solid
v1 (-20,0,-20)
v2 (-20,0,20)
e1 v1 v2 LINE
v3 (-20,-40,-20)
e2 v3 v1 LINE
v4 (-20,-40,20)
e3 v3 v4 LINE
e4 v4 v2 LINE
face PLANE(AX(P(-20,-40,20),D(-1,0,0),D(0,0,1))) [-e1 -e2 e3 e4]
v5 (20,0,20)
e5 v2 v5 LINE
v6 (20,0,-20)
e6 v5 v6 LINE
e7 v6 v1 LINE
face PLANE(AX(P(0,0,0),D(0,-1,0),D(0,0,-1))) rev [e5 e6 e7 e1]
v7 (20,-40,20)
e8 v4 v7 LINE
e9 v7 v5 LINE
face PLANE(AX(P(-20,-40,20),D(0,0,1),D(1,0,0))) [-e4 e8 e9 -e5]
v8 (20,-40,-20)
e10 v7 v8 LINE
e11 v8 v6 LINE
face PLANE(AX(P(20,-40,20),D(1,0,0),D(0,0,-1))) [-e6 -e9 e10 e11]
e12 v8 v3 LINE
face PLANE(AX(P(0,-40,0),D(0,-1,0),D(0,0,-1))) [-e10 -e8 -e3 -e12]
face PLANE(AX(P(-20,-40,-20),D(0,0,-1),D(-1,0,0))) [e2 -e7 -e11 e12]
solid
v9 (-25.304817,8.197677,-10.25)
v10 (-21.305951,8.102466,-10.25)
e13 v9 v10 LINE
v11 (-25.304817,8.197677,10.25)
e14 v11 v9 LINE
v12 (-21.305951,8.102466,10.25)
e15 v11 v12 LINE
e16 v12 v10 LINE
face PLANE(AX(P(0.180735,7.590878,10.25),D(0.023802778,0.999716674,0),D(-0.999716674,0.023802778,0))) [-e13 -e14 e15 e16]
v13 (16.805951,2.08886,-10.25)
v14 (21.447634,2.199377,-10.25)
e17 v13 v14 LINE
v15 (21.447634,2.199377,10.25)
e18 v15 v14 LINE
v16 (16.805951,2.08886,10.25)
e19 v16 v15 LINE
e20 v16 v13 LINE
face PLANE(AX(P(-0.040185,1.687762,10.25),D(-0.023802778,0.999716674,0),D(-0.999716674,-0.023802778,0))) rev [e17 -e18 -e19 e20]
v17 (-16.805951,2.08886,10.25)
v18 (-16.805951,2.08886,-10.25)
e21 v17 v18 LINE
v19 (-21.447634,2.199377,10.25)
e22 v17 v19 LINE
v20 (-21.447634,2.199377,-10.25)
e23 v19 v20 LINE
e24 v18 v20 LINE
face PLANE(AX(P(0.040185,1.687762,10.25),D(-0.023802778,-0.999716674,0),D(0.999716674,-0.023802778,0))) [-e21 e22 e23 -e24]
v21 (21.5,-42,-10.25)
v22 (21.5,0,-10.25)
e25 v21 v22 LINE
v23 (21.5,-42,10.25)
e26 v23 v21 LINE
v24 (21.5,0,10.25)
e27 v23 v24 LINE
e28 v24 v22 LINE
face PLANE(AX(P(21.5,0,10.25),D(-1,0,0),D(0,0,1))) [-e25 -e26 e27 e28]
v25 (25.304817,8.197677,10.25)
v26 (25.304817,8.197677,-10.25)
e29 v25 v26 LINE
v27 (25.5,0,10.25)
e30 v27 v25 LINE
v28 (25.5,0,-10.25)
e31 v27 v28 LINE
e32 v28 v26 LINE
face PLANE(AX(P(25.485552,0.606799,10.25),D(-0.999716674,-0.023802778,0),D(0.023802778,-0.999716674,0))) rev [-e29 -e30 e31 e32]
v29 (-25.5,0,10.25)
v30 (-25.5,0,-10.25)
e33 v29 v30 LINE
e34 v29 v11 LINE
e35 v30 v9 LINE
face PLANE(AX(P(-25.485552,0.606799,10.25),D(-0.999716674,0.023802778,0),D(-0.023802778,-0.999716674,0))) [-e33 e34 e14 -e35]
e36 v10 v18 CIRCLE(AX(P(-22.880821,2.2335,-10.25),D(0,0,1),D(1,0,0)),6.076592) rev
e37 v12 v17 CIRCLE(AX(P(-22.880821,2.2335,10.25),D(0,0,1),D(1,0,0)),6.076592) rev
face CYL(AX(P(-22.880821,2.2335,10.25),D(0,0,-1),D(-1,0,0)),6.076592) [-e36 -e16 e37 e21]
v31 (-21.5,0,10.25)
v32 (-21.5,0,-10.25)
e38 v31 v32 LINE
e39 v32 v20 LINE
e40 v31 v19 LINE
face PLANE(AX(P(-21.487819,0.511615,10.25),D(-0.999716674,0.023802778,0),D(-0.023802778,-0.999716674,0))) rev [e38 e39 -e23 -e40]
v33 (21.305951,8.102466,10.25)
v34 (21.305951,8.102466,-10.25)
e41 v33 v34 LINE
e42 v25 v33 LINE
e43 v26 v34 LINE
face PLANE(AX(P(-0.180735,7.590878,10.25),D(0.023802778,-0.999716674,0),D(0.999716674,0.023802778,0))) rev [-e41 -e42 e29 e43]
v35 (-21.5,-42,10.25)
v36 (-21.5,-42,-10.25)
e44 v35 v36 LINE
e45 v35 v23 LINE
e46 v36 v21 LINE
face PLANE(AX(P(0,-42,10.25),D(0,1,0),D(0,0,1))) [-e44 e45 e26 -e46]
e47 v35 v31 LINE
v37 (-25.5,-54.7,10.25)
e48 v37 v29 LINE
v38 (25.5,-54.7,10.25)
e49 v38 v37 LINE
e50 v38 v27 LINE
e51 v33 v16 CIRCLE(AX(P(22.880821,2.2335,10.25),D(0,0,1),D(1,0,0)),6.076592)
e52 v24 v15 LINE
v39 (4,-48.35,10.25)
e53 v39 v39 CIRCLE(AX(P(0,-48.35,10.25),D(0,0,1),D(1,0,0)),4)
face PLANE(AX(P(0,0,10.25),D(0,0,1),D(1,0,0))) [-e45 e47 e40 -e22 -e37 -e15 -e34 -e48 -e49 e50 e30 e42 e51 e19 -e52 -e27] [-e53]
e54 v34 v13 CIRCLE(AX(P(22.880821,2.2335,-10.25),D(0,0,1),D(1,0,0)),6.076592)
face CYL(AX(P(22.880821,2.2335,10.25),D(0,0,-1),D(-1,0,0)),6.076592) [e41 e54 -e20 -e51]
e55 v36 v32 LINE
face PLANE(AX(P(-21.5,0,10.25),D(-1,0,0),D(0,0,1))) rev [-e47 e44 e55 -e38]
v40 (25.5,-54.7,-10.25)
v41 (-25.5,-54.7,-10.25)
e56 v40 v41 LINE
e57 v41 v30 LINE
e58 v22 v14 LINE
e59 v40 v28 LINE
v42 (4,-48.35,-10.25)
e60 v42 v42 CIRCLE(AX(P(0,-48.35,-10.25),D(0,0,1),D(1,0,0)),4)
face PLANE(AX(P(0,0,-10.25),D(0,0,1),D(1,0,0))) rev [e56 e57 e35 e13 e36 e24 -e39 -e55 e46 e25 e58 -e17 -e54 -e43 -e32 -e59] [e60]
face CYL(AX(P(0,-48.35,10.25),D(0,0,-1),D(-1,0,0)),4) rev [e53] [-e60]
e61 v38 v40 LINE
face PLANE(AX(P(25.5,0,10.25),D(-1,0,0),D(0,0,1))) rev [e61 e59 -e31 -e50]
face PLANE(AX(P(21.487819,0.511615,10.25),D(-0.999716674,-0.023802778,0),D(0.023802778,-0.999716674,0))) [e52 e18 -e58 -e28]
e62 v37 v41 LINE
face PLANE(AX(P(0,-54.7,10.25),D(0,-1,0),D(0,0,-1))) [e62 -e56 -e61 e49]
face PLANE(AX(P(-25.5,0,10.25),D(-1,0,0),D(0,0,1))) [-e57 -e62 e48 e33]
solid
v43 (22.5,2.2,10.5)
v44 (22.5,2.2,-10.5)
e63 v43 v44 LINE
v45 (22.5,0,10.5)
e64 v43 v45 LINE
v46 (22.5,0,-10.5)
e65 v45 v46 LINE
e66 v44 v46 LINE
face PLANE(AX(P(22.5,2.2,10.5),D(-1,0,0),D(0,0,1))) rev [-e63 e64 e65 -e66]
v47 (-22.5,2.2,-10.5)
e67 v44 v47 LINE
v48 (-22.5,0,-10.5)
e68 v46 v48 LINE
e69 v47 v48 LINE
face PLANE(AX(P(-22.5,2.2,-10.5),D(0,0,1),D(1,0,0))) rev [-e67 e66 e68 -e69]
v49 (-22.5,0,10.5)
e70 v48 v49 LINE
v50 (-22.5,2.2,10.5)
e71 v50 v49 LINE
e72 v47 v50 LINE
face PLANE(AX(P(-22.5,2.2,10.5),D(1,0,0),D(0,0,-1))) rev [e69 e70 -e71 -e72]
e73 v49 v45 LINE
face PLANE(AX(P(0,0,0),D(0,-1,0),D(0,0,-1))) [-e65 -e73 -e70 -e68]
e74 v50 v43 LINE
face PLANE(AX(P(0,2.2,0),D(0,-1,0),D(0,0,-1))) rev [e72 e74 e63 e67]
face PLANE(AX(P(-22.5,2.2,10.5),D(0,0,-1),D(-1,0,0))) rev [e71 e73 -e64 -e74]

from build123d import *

# Parameters (mm, degrees)
SKETCH1_W                            = 45
SKETCH1_H                            = 21
BOSS_EXTRUDE1_DEPTH                  = 2.2
SKETCH2_W                            = 40
SKETCH2_H                            = 40
BOSS_EXTRUDE2_DEPTH                  = 40
SKETCH3_W                            = 43
SKETCH3_H                            = 12.7
SKETCH3_R                            = 4
SNAPFIT_43MM_SPACING_4MM_WIDTH_DEPTH = 10.25


with BuildPart() as part:
    # Sketch1 → Boss-Extrude1 (new body)
    with BuildSketch(Plane(origin=(0, 0, 0), x_dir=(1, 0, 0), z_dir=(0, 1, 0))):
        Rectangle(SKETCH1_W, SKETCH1_H)
    extrude(amount=BOSS_EXTRUDE1_DEPTH)


with BuildPart() as body_2:
    # Sketch2 → Boss-Extrude2 (new body)
    with BuildSketch(Plane(origin=(0, 0, 0), x_dir=(1, 0, 0), z_dir=(0, 1, 0))):
        Rectangle(SKETCH2_W, SKETCH2_H)
    extrude(amount=-BOSS_EXTRUDE2_DEPTH)


with BuildPart() as body_3:
    # Sketch3 → SnapFit-43mm_spacing-4mm_width (new, symmetric)
    # profile 1 of 3: a face of its own
    with BuildSketch(Plane.XY):
        with Locations((0, -48.35)):
            Rectangle(SKETCH3_W, SKETCH3_H)
        with Locations((0, -48.35)):
            Circle(SKETCH3_R, mode=Mode.SUBTRACT)
    # profile 2 of 3: a face of its own
    with BuildSketch(Plane.XY):
        with BuildLine():
            Line((-25.5, -54.7), (-21.5, -54.7))
            Line((-21.5, -54.7), (-21.5, -42))
            Line((-21.5, -42), (-21.5, 0))
            Line((-21.5, 0), (-21.447633889, 2.199376682))
            Line((-21.447633889, 2.199376682), (-16.805950526, 2.088860412))
            ThreePointArc((-16.805950526, 2.088860412), (-18.015587607, 5.874169911), (-21.305950526, 8.102465613))
            Line((-21.305950526, 8.102465613), (-25.304817221, 8.197676725))
            Line((-25.304817221, 8.197676725), (-25.5, 0))
            Line((-25.5, 0), (-25.5, -54.7))
        make_face()
    # profile 3 of 3: a face of its own
    with BuildSketch(Plane.XY):
        with BuildLine():
            Line((21.5, -42), (21.5, -54.7))
            Line((21.5, -54.7), (25.5, -54.7))
            Line((25.5, -54.7), (25.5, 0))
            Line((25.5, 0), (25.304817221, 8.197676725))
            Line((25.304817221, 8.197676725), (21.305950526, 8.102465613))
            ThreePointArc((21.305950526, 8.102465613), (18.015587607, 5.874169911), (16.805950526, 2.088860412))
            Line((16.805950526, 2.088860412), (21.447633889, 2.199376682))
            Line((21.447633889, 2.199376682), (21.5, 0))
            Line((21.5, 0), (21.5, -42))
        make_face()
    extrude(amount=SNAPFIT_43MM_SPACING_4MM_WIDTH_DEPTH, both=True)


solid = Compound([part.part, body_2.part, body_3.part])
